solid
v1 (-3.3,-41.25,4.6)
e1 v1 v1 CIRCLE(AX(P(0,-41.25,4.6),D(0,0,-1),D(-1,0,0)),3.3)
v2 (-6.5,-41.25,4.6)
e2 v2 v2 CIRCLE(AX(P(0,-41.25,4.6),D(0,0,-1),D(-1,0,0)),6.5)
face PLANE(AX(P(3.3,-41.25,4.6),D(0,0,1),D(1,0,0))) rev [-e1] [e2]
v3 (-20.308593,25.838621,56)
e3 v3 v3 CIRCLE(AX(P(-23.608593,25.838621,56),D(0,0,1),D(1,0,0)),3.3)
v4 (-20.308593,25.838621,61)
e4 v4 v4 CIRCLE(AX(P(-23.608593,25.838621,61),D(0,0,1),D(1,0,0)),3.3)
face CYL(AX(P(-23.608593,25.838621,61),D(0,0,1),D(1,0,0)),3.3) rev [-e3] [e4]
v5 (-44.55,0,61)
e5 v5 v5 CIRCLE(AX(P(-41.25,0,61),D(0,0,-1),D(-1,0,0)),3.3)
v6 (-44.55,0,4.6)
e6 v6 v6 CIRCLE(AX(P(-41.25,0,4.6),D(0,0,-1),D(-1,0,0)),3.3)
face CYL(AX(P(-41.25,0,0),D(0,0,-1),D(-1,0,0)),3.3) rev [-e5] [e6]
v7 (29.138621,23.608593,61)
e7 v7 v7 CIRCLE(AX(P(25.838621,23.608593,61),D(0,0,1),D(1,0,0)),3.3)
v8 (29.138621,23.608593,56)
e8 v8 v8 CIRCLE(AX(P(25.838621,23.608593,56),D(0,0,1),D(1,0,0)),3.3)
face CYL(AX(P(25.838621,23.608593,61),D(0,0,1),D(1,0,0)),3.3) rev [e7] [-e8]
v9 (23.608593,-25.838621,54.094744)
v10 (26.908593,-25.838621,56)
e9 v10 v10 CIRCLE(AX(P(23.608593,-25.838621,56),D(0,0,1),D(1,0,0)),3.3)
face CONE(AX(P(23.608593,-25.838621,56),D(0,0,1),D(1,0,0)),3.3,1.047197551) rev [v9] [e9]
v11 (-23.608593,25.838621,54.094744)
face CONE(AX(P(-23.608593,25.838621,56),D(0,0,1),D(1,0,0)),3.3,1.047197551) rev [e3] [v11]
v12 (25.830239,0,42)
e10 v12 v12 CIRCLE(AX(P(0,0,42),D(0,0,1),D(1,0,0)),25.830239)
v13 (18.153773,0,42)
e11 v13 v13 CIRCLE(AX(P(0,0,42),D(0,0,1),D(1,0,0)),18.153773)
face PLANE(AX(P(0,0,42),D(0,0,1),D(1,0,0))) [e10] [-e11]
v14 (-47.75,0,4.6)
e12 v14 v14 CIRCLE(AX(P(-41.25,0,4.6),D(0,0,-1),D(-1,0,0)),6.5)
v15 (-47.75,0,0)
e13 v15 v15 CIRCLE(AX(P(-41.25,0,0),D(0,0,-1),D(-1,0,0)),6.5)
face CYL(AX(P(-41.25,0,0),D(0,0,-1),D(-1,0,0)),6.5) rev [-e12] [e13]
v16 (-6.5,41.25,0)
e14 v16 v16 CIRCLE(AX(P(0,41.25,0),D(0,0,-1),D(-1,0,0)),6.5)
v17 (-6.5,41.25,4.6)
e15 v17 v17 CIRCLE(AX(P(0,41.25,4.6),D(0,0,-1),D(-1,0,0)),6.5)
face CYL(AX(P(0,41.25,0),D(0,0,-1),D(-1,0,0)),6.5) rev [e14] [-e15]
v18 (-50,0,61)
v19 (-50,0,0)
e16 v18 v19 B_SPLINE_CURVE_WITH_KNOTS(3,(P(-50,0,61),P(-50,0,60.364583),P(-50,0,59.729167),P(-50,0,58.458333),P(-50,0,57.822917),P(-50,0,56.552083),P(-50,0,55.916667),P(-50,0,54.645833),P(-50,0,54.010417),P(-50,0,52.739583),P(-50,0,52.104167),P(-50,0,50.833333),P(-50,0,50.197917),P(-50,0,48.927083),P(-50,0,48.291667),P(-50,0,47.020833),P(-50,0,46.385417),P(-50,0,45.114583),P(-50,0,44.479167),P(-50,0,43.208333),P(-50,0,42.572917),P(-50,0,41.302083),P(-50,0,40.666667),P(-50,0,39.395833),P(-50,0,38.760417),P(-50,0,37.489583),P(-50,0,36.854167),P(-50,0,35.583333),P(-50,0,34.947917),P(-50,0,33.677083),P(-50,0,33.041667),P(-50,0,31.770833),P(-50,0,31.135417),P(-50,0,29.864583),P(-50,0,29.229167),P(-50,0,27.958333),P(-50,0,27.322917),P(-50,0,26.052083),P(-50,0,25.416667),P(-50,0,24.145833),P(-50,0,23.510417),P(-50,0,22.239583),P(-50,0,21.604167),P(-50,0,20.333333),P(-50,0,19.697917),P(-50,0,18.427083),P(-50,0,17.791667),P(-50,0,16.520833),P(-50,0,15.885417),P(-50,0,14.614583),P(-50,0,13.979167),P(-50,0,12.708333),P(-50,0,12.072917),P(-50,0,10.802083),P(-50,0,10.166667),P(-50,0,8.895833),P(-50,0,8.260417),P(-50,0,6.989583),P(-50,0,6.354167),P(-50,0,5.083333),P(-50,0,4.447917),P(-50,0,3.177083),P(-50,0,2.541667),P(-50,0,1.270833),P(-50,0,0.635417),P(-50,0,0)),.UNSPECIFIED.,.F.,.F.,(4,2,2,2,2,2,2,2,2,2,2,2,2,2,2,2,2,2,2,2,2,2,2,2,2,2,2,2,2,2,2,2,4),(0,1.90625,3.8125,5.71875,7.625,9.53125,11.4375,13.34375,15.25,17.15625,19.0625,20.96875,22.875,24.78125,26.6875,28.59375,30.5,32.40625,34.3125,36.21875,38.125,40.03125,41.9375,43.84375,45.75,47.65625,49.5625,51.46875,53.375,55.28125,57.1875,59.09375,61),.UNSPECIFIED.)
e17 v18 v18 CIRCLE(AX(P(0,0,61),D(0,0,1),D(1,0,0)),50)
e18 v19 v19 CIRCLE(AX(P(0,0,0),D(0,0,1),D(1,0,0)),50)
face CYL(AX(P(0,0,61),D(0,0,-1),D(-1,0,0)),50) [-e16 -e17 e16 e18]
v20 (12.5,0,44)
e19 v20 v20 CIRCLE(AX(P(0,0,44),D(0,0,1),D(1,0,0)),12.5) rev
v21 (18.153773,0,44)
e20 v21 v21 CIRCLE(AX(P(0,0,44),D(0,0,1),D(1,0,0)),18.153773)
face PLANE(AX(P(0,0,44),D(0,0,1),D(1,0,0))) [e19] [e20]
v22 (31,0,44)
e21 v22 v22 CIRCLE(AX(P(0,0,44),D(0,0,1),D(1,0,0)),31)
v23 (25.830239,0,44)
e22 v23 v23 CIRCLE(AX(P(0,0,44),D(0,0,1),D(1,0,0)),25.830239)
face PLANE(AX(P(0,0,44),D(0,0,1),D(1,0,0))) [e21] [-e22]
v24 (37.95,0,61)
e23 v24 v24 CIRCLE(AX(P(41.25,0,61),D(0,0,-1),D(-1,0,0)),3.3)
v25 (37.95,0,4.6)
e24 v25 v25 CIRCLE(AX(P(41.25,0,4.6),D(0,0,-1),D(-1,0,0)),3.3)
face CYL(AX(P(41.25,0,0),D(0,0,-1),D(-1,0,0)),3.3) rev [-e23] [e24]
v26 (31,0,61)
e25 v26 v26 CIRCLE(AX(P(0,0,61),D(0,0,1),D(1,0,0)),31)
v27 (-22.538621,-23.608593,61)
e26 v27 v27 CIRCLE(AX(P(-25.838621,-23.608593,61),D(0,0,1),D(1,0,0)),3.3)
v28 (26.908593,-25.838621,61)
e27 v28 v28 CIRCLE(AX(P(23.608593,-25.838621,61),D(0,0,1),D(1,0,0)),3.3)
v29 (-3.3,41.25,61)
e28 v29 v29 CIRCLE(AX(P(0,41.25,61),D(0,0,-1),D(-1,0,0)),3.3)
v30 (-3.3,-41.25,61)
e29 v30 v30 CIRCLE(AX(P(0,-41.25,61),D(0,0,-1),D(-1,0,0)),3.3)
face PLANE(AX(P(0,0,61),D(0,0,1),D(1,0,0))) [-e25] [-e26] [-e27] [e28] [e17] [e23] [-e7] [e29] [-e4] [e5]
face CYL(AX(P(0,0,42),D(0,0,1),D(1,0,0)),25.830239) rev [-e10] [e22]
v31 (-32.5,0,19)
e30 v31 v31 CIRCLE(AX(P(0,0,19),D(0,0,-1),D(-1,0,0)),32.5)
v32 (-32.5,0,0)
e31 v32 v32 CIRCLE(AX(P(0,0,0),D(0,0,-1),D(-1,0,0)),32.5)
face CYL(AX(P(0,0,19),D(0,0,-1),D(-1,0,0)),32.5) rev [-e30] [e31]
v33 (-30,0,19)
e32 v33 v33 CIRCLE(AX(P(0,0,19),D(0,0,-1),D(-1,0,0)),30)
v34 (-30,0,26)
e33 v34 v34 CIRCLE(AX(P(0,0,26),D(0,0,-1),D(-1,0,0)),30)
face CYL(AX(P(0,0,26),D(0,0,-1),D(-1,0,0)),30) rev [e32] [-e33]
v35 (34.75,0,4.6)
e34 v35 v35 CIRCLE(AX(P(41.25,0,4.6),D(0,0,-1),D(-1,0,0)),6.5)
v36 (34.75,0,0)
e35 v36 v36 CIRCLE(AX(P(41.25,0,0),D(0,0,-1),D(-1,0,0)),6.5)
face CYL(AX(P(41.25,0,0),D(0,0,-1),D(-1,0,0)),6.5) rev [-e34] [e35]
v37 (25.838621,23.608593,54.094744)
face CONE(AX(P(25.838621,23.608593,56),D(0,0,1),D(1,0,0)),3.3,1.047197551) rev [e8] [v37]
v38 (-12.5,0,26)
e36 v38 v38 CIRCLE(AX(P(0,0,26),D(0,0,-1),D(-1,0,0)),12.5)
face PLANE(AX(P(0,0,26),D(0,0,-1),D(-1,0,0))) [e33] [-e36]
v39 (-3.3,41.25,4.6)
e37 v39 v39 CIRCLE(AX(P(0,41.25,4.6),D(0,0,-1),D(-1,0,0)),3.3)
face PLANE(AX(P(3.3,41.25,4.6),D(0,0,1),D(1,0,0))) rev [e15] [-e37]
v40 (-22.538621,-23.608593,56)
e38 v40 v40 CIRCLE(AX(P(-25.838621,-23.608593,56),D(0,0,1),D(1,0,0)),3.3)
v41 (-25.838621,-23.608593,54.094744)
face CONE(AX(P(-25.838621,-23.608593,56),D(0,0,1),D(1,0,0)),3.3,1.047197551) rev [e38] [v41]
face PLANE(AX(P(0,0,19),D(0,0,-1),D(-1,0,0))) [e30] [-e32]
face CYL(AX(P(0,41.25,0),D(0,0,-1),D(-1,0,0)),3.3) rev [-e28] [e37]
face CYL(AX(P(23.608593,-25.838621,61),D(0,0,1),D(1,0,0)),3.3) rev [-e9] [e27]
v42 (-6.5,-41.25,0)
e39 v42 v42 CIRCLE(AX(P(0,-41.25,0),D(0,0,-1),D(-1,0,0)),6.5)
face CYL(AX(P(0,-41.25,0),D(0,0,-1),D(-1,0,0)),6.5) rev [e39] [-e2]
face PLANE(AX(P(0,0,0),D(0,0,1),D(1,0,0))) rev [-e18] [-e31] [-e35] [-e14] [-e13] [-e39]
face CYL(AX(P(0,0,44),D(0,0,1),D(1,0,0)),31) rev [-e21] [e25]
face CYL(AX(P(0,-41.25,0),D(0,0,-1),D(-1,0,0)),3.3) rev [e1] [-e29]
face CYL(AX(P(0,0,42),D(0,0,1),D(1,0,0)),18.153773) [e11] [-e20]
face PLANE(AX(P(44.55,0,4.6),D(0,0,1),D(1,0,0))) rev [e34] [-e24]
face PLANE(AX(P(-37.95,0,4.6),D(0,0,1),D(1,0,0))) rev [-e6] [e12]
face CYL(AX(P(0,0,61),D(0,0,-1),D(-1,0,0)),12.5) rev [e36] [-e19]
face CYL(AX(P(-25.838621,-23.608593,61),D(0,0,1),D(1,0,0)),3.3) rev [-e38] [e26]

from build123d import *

# Parameters (mm, degrees)
ESQUISSE1_R                                        = 50
BOSS_EXTRU_1_DEPTH                                 = 61
ESQUISSE2_R                                        = 32.5
ENL_V_MAT_EXTRU_1_DEPTH                            = 19
ESQUISSE3_R                                        = 30
ENL_V_MAT_EXTRU_2_DEPTH                            = 7
ESQUISSE5_R                                        = 12.5
ENL_V_MAT_EXTRU_3_DEPTH                            = 79.89866919
CHAMBRAGE_POUR_VIS_T_TE_RONDE_BOMB_E_M_D           = 6.6
CHAMBRAGE_POUR_VIS_T_TE_RONDE_BOMB_E_M_CBORE_D     = 13
CHAMBRAGE_POUR_VIS_T_TE_RONDE_BOMB_E_M_CBORE_DEPTH = 4.6
ESQUISSE13_R                                       = 31
ENL_V_MAT_EXTRU_4_DEPTH                            = 17
ESQUISSE14_R                                       = 25.830239332
ESQUISSE14_R_2                                     = 18.153773443
ENL_V_MAT_EXTRU_5_DEPTH                            = 2
D_GAGEMENT_M61_D                                   = 6.6
D_GAGEMENT_M61_DEPTH                               = 5
D_GAGEMENT_M61_TIP                                 = 1.905255888


with BuildPart() as part:
    # Esquisse1 → Boss.-Extru.1 (new body)
    with BuildSketch(Plane.XY):
        with Locations(Location((0, 0, 0), (0, 0, 180))):
            Circle(ESQUISSE1_R)
    extrude(amount=BOSS_EXTRU_1_DEPTH)

    # Esquisse2 → Enlèv. mat.-Extru.1 (cut)
    with BuildSketch(Plane(origin=(0, 0, 0), x_dir=(-1, 0, 0), z_dir=(0, 0, -1))):
        Circle(ESQUISSE2_R)
    extrude(amount=-ENL_V_MAT_EXTRU_1_DEPTH, mode=Mode.SUBTRACT)

    # Esquisse3 → Enlèv. mat.-Extru.2 (cut)
    with BuildSketch(Plane(origin=(0, 0, 19), x_dir=(-1, 0, 0), z_dir=(0, 0, -1))):
        Circle(ESQUISSE3_R)
    extrude(amount=-ENL_V_MAT_EXTRU_2_DEPTH, mode=Mode.SUBTRACT)

    # Esquisse5 → Enlèv. mat.-Extru.3 (cut, through all)
    with BuildSketch(Plane(origin=(0, 0, 26), x_dir=(-1, 0, 0), z_dir=(0, 0, -1))):
        Circle(ESQUISSE5_R)
    extrude(amount=-ENL_V_MAT_EXTRU_3_DEPTH, mode=Mode.SUBTRACT)

    # Chambrage pour vis à tête ronde bombée M61 (through all)
    with Locations(Plane(origin=(0, 0, 0), x_dir=(-1, 0, 0), z_dir=(0, 0, -1))):
        with Locations((41.25, 0), (0, 41.25), (-41.25, 0), (0, -41.25)):
            CounterBoreHole(CHAMBRAGE_POUR_VIS_T_TE_RONDE_BOMB_E_M_D / 2, CHAMBRAGE_POUR_VIS_T_TE_RONDE_BOMB_E_M_CBORE_D / 2, CHAMBRAGE_POUR_VIS_T_TE_RONDE_BOMB_E_M_CBORE_DEPTH)

    # Esquisse13 → Enlèv. mat.-Extru.4 (cut)
    with BuildSketch(Plane.XY.offset(61)):
        Circle(ESQUISSE13_R)
    extrude(amount=-ENL_V_MAT_EXTRU_4_DEPTH, mode=Mode.SUBTRACT)

    # Esquisse14 → Enlèv. mat.-Extru.5 (cut)
    with BuildSketch(Plane.XY.offset(44)):
        Circle(ESQUISSE14_R)
        Circle(ESQUISSE14_R_2, mode=Mode.SUBTRACT)
    extrude(amount=-ENL_V_MAT_EXTRU_5_DEPTH, mode=Mode.SUBTRACT)

    # Dégagement M61
    with Locations(Plane.XY.offset(61)):
        with Locations((-23.608593004, 25.838621023), (-25.838621023, -23.608593004), (23.608593004, -25.838621023), (25.838621023, 23.608593004)):
            Hole(D_GAGEMENT_M61_D / 2, depth=D_GAGEMENT_M61_DEPTH)
            with Locations((0, 0, -(D_GAGEMENT_M61_DEPTH + D_GAGEMENT_M61_TIP / 2))):  # 120° drill point
                Cone(0, D_GAGEMENT_M61_D / 2, D_GAGEMENT_M61_TIP, mode=Mode.SUBTRACT)


solid = part.part
